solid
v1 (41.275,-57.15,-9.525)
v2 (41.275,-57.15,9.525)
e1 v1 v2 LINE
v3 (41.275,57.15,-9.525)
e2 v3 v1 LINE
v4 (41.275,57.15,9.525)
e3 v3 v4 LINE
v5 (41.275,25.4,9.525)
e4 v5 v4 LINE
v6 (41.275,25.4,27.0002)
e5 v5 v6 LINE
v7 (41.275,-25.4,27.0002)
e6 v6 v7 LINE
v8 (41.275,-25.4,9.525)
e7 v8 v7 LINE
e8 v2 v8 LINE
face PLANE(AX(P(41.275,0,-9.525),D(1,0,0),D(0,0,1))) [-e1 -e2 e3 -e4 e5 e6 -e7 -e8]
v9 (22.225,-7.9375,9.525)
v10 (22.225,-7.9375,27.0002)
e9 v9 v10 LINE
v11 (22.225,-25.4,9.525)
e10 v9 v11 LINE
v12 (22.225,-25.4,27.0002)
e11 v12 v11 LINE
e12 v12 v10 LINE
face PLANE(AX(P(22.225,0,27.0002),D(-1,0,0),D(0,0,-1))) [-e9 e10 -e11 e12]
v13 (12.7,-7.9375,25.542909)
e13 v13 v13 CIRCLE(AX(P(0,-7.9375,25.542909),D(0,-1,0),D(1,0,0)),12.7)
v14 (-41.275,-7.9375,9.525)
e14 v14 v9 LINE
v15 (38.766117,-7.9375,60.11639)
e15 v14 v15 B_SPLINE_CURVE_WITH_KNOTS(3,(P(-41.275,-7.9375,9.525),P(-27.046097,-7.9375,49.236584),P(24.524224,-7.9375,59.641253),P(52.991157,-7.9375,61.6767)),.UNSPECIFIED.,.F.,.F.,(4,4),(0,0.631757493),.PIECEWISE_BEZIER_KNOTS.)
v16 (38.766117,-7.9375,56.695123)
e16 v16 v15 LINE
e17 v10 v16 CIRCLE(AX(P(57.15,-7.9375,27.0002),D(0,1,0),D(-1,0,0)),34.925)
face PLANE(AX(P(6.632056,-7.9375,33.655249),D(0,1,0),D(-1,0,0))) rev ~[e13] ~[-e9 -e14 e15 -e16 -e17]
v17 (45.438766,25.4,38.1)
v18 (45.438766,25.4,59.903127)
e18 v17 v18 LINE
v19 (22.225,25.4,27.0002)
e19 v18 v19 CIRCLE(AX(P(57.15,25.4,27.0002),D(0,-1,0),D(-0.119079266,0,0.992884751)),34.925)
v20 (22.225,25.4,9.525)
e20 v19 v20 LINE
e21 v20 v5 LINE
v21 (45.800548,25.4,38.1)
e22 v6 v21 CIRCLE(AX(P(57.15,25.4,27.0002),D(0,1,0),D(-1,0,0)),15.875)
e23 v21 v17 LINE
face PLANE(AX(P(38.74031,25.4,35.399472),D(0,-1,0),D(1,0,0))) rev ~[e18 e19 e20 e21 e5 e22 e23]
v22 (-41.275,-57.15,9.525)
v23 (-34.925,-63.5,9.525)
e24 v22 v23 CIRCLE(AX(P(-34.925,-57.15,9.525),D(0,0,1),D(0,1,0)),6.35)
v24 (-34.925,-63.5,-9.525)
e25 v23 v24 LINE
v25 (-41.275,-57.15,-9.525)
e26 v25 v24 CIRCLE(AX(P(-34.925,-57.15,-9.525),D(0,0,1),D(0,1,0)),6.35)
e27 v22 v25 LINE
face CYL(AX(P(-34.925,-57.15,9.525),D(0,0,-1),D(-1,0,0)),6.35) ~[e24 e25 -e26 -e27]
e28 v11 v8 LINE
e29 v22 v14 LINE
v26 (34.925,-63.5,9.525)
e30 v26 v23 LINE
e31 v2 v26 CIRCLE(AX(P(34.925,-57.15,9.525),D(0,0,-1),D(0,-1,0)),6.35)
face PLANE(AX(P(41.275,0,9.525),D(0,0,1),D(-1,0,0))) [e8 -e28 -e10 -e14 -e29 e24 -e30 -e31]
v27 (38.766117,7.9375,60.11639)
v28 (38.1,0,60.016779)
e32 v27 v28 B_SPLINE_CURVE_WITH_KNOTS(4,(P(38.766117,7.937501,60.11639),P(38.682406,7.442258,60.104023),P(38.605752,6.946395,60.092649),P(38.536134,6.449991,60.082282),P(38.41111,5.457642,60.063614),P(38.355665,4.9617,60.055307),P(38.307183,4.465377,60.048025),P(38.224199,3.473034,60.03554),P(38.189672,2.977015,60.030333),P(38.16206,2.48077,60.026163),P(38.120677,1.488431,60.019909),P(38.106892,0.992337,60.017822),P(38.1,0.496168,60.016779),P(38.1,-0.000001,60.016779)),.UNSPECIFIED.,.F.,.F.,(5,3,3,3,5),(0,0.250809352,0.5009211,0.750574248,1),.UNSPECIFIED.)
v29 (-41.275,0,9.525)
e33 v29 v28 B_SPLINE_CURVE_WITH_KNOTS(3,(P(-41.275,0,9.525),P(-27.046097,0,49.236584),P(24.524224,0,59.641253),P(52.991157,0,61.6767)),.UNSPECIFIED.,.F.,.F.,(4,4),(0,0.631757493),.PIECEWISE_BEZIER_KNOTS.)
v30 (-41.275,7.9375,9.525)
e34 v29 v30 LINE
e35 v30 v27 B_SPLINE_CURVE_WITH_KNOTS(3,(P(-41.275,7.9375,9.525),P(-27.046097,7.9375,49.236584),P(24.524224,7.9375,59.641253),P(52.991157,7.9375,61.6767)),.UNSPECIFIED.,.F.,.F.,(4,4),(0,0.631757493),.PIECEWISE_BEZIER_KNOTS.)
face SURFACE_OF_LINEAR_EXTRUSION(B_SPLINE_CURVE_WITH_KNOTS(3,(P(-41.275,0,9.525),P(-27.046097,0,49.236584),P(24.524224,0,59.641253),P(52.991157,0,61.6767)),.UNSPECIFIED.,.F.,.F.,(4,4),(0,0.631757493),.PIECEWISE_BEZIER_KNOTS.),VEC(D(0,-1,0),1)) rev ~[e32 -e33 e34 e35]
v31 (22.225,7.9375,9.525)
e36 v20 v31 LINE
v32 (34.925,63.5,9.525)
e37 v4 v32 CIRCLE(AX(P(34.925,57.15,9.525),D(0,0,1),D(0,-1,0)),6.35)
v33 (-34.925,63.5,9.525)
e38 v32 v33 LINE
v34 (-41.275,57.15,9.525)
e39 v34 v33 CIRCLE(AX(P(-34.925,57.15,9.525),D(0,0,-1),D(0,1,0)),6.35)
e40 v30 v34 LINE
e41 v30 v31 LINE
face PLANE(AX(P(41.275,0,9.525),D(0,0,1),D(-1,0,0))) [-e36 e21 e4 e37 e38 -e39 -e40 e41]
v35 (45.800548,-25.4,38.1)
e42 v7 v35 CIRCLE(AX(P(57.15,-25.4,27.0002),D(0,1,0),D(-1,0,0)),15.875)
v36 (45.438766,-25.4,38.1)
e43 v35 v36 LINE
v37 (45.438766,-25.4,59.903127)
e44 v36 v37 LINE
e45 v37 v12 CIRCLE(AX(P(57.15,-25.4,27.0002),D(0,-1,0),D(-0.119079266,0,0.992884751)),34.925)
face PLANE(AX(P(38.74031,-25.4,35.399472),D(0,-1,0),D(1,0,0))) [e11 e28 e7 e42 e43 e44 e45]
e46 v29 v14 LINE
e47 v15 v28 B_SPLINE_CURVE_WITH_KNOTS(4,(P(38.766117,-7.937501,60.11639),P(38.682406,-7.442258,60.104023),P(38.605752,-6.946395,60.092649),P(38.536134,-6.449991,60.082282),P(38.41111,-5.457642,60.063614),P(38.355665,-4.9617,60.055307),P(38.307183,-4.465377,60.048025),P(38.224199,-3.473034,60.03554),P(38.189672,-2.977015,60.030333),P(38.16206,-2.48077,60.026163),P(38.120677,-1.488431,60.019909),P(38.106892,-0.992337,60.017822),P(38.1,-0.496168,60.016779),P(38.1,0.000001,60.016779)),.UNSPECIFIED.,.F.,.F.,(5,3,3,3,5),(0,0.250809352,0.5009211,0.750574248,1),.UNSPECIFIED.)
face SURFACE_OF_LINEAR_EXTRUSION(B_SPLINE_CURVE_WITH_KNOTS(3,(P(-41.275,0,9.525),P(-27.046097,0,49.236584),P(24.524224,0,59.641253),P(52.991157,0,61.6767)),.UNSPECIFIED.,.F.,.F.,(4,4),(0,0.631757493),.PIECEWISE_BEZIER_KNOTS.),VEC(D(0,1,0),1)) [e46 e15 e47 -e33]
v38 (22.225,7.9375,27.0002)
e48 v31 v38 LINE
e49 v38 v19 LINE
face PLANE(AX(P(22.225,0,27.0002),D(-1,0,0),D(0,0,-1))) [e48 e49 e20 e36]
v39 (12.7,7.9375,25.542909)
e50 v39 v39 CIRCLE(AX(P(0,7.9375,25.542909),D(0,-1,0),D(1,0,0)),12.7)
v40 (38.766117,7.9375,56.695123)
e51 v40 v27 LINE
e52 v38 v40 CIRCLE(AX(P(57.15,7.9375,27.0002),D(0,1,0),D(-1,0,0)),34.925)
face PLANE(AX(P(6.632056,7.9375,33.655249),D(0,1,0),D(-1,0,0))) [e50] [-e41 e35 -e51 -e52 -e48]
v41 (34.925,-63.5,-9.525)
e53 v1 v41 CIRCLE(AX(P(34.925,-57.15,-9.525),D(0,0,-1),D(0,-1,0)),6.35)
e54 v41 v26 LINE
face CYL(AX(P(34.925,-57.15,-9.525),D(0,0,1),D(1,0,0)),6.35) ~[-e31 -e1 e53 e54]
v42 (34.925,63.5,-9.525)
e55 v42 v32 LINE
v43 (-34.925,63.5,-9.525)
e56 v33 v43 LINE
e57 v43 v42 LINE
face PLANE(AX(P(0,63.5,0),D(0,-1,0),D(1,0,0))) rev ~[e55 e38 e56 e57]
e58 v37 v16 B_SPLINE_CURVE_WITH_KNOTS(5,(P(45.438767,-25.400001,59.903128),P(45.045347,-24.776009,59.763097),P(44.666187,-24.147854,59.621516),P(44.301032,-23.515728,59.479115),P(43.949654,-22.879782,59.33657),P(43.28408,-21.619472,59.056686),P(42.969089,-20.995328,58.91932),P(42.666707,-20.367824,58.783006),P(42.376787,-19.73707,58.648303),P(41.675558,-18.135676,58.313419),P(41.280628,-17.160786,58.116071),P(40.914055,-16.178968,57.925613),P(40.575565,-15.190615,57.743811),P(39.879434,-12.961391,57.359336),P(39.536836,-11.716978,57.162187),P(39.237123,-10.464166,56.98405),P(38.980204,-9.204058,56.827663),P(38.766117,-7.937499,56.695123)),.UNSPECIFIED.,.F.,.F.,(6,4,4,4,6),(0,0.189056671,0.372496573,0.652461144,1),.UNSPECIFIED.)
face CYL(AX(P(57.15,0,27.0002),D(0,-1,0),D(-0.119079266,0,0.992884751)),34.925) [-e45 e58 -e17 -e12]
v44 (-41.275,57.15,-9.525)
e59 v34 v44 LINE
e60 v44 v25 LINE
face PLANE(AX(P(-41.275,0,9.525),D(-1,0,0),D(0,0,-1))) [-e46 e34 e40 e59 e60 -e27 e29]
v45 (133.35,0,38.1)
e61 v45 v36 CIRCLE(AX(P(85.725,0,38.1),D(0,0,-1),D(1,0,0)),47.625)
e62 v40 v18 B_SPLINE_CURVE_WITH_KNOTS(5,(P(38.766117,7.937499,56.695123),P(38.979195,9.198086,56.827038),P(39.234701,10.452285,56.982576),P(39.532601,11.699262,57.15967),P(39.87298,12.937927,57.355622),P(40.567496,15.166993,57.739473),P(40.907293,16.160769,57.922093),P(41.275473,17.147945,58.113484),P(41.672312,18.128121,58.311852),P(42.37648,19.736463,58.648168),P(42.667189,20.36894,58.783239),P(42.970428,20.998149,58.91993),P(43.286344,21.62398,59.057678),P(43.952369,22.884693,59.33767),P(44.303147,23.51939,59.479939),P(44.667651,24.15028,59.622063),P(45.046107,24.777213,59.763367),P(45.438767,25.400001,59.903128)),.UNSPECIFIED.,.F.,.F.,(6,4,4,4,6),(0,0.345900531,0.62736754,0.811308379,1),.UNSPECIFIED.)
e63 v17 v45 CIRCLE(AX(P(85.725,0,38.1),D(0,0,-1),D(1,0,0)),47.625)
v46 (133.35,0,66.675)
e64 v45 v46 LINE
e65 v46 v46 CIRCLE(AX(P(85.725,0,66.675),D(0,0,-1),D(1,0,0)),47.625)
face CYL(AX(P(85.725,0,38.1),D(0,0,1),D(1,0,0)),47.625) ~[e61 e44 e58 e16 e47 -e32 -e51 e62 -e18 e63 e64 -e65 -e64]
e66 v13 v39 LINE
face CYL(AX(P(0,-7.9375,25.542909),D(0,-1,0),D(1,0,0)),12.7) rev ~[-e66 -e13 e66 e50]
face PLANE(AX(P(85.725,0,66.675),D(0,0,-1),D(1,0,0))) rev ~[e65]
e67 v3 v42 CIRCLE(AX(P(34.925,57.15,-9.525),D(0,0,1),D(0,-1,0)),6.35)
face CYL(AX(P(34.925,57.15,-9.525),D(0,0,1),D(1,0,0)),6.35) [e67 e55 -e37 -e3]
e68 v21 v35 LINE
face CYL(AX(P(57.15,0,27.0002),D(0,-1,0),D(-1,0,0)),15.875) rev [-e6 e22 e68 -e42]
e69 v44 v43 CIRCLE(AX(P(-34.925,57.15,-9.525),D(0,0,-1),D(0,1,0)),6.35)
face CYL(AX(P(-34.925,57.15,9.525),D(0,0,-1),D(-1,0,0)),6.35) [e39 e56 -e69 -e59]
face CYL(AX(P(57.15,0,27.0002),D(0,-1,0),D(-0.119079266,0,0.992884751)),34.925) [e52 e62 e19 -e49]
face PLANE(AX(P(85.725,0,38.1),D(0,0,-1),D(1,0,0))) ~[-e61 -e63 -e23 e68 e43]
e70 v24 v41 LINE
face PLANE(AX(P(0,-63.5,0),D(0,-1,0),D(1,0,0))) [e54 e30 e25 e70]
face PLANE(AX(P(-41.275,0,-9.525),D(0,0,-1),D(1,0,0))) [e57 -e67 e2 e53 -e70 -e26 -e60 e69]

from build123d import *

# Parameters (mm, degrees)
F1_DEPTH = 63.5
F2_DEPTH = 25.4
F3_DEPTH = 7.9375
F5_R     = 6.35
F6_R     = 12.7
F7_DEPTH = 50.8


with BuildPart() as f1:
    # F0 (on Front) → F1 (new body, symmetric)
    with BuildSketch(Plane.XZ):
        Polygon((22.225, 9.525), (-41.275, 9.525), (-41.275, -9.525), (41.275, -9.525), (41.275, 9.525), align=None)
    extrude(amount=F1_DEPTH, both=True)

    # F0 (on Front) → F2 (join, symmetric)
    with BuildSketch(Plane.XZ):
        with BuildLine():
            Line((22.225, 27.0002), (22.225, 9.525))
            Line((22.225, 9.525), (41.275, 9.525))
            Line((41.275, 9.525), (41.275, 27.0002))
            ThreePointArc((41.275, 27.0002), (45.9246798487, 38.2255201513), (57.15, 42.8752))
            Line((57.15, 42.8752), (57.15, 61.9252))
            add(Edge.make_bspline(
                [(52.9911566186, 61.6766999204), (54.4399345917, 61.780290683), (55.8288716771, 61.8622040359), (57.15, 61.9252)],
                knots=[0.6317574931, 0.6317574931, 0.6317574931, 0.6317574931, 0.6639097579, 0.6639097579, 0.6639097579, 0.6639097579], degree=3))
            ThreePointArc((52.9911566186, 61.6766999204), (31.0252681344, 50.1789404738), (22.225, 27.0002))
        make_face()
        with BuildLine():
            Line((72.6181762576, 61.9252), (57.15, 61.9252))
            Line((57.15, 61.9252), (57.15, 42.8752))
            Line((57.15, 42.8752), (85.725, 42.8752))
            Line((85.725, 42.8752), (85.725, 61.9252))
            add(Edge.make_bspline(
                [(72.6181762576, 61.9252), (77.3737433111, 61.7384817546), (81.2709365488, 61.5258076735), (85.725, 61.9252)],
                knots=[0.8210339091, 0.8210339091, 0.8210339091, 0.8210339091, 1, 1, 1, 1], degree=3))
        make_face()
    extrude(amount=F2_DEPTH, both=True)

    # F0 (on Front) → F3 (join, symmetric)
    with BuildSketch(Plane.XZ):
        with BuildLine():
            add(Edge.make_bspline(
                [(-41.275, 9.525), (-27.0460967422, 49.236584083), (24.5242244587, 59.6412526224), (52.9911566186, 61.6766999204)],
                knots=[0, 0, 0, 0, 0.6317574931, 0.6317574931, 0.6317574931, 0.6317574931], degree=3))
            Line((-41.275, 9.525), (22.225, 9.525))
            Line((22.225, 9.525), (22.225, 27.0002))
            ThreePointArc((22.225, 27.0002), (31.0252681344, 50.1789404738), (52.9911566186, 61.6766999204))
        make_face()
    extrude(amount=F3_DEPTH, both=True)

    # F0 (on Front) → F4 (revolve)
    with BuildSketch(Plane.XZ):
        Polygon((133.35, 66.675), (85.725, 66.675), (85.725, 61.9252), (85.725, 42.8752), (85.725, 38.1), (133.35, 38.1), align=None)
    revolve(axis=Axis((85.725, 0, 52.3875), (0, 0, -1)))

    # F5
    f5_edges = [f1.edges().sort_by_distance(p)[0] for p in [
        (41.275, -63.5, 0),
        (-41.275, -63.5, 0),
        (-41.275, 63.5, 0),
        (41.275, 63.5, 0),
    ]]
    fillet(f5_edges, radius=F5_R)

    # F6 (on face) → F7 (cut)
    with BuildSketch(Plane.XZ.offset(7.9375)):
        with Locations((0, 25.5429092795)):
            Circle(F6_R)
    extrude(amount=-F7_DEPTH, mode=Mode.SUBTRACT)


solid = f1.part
